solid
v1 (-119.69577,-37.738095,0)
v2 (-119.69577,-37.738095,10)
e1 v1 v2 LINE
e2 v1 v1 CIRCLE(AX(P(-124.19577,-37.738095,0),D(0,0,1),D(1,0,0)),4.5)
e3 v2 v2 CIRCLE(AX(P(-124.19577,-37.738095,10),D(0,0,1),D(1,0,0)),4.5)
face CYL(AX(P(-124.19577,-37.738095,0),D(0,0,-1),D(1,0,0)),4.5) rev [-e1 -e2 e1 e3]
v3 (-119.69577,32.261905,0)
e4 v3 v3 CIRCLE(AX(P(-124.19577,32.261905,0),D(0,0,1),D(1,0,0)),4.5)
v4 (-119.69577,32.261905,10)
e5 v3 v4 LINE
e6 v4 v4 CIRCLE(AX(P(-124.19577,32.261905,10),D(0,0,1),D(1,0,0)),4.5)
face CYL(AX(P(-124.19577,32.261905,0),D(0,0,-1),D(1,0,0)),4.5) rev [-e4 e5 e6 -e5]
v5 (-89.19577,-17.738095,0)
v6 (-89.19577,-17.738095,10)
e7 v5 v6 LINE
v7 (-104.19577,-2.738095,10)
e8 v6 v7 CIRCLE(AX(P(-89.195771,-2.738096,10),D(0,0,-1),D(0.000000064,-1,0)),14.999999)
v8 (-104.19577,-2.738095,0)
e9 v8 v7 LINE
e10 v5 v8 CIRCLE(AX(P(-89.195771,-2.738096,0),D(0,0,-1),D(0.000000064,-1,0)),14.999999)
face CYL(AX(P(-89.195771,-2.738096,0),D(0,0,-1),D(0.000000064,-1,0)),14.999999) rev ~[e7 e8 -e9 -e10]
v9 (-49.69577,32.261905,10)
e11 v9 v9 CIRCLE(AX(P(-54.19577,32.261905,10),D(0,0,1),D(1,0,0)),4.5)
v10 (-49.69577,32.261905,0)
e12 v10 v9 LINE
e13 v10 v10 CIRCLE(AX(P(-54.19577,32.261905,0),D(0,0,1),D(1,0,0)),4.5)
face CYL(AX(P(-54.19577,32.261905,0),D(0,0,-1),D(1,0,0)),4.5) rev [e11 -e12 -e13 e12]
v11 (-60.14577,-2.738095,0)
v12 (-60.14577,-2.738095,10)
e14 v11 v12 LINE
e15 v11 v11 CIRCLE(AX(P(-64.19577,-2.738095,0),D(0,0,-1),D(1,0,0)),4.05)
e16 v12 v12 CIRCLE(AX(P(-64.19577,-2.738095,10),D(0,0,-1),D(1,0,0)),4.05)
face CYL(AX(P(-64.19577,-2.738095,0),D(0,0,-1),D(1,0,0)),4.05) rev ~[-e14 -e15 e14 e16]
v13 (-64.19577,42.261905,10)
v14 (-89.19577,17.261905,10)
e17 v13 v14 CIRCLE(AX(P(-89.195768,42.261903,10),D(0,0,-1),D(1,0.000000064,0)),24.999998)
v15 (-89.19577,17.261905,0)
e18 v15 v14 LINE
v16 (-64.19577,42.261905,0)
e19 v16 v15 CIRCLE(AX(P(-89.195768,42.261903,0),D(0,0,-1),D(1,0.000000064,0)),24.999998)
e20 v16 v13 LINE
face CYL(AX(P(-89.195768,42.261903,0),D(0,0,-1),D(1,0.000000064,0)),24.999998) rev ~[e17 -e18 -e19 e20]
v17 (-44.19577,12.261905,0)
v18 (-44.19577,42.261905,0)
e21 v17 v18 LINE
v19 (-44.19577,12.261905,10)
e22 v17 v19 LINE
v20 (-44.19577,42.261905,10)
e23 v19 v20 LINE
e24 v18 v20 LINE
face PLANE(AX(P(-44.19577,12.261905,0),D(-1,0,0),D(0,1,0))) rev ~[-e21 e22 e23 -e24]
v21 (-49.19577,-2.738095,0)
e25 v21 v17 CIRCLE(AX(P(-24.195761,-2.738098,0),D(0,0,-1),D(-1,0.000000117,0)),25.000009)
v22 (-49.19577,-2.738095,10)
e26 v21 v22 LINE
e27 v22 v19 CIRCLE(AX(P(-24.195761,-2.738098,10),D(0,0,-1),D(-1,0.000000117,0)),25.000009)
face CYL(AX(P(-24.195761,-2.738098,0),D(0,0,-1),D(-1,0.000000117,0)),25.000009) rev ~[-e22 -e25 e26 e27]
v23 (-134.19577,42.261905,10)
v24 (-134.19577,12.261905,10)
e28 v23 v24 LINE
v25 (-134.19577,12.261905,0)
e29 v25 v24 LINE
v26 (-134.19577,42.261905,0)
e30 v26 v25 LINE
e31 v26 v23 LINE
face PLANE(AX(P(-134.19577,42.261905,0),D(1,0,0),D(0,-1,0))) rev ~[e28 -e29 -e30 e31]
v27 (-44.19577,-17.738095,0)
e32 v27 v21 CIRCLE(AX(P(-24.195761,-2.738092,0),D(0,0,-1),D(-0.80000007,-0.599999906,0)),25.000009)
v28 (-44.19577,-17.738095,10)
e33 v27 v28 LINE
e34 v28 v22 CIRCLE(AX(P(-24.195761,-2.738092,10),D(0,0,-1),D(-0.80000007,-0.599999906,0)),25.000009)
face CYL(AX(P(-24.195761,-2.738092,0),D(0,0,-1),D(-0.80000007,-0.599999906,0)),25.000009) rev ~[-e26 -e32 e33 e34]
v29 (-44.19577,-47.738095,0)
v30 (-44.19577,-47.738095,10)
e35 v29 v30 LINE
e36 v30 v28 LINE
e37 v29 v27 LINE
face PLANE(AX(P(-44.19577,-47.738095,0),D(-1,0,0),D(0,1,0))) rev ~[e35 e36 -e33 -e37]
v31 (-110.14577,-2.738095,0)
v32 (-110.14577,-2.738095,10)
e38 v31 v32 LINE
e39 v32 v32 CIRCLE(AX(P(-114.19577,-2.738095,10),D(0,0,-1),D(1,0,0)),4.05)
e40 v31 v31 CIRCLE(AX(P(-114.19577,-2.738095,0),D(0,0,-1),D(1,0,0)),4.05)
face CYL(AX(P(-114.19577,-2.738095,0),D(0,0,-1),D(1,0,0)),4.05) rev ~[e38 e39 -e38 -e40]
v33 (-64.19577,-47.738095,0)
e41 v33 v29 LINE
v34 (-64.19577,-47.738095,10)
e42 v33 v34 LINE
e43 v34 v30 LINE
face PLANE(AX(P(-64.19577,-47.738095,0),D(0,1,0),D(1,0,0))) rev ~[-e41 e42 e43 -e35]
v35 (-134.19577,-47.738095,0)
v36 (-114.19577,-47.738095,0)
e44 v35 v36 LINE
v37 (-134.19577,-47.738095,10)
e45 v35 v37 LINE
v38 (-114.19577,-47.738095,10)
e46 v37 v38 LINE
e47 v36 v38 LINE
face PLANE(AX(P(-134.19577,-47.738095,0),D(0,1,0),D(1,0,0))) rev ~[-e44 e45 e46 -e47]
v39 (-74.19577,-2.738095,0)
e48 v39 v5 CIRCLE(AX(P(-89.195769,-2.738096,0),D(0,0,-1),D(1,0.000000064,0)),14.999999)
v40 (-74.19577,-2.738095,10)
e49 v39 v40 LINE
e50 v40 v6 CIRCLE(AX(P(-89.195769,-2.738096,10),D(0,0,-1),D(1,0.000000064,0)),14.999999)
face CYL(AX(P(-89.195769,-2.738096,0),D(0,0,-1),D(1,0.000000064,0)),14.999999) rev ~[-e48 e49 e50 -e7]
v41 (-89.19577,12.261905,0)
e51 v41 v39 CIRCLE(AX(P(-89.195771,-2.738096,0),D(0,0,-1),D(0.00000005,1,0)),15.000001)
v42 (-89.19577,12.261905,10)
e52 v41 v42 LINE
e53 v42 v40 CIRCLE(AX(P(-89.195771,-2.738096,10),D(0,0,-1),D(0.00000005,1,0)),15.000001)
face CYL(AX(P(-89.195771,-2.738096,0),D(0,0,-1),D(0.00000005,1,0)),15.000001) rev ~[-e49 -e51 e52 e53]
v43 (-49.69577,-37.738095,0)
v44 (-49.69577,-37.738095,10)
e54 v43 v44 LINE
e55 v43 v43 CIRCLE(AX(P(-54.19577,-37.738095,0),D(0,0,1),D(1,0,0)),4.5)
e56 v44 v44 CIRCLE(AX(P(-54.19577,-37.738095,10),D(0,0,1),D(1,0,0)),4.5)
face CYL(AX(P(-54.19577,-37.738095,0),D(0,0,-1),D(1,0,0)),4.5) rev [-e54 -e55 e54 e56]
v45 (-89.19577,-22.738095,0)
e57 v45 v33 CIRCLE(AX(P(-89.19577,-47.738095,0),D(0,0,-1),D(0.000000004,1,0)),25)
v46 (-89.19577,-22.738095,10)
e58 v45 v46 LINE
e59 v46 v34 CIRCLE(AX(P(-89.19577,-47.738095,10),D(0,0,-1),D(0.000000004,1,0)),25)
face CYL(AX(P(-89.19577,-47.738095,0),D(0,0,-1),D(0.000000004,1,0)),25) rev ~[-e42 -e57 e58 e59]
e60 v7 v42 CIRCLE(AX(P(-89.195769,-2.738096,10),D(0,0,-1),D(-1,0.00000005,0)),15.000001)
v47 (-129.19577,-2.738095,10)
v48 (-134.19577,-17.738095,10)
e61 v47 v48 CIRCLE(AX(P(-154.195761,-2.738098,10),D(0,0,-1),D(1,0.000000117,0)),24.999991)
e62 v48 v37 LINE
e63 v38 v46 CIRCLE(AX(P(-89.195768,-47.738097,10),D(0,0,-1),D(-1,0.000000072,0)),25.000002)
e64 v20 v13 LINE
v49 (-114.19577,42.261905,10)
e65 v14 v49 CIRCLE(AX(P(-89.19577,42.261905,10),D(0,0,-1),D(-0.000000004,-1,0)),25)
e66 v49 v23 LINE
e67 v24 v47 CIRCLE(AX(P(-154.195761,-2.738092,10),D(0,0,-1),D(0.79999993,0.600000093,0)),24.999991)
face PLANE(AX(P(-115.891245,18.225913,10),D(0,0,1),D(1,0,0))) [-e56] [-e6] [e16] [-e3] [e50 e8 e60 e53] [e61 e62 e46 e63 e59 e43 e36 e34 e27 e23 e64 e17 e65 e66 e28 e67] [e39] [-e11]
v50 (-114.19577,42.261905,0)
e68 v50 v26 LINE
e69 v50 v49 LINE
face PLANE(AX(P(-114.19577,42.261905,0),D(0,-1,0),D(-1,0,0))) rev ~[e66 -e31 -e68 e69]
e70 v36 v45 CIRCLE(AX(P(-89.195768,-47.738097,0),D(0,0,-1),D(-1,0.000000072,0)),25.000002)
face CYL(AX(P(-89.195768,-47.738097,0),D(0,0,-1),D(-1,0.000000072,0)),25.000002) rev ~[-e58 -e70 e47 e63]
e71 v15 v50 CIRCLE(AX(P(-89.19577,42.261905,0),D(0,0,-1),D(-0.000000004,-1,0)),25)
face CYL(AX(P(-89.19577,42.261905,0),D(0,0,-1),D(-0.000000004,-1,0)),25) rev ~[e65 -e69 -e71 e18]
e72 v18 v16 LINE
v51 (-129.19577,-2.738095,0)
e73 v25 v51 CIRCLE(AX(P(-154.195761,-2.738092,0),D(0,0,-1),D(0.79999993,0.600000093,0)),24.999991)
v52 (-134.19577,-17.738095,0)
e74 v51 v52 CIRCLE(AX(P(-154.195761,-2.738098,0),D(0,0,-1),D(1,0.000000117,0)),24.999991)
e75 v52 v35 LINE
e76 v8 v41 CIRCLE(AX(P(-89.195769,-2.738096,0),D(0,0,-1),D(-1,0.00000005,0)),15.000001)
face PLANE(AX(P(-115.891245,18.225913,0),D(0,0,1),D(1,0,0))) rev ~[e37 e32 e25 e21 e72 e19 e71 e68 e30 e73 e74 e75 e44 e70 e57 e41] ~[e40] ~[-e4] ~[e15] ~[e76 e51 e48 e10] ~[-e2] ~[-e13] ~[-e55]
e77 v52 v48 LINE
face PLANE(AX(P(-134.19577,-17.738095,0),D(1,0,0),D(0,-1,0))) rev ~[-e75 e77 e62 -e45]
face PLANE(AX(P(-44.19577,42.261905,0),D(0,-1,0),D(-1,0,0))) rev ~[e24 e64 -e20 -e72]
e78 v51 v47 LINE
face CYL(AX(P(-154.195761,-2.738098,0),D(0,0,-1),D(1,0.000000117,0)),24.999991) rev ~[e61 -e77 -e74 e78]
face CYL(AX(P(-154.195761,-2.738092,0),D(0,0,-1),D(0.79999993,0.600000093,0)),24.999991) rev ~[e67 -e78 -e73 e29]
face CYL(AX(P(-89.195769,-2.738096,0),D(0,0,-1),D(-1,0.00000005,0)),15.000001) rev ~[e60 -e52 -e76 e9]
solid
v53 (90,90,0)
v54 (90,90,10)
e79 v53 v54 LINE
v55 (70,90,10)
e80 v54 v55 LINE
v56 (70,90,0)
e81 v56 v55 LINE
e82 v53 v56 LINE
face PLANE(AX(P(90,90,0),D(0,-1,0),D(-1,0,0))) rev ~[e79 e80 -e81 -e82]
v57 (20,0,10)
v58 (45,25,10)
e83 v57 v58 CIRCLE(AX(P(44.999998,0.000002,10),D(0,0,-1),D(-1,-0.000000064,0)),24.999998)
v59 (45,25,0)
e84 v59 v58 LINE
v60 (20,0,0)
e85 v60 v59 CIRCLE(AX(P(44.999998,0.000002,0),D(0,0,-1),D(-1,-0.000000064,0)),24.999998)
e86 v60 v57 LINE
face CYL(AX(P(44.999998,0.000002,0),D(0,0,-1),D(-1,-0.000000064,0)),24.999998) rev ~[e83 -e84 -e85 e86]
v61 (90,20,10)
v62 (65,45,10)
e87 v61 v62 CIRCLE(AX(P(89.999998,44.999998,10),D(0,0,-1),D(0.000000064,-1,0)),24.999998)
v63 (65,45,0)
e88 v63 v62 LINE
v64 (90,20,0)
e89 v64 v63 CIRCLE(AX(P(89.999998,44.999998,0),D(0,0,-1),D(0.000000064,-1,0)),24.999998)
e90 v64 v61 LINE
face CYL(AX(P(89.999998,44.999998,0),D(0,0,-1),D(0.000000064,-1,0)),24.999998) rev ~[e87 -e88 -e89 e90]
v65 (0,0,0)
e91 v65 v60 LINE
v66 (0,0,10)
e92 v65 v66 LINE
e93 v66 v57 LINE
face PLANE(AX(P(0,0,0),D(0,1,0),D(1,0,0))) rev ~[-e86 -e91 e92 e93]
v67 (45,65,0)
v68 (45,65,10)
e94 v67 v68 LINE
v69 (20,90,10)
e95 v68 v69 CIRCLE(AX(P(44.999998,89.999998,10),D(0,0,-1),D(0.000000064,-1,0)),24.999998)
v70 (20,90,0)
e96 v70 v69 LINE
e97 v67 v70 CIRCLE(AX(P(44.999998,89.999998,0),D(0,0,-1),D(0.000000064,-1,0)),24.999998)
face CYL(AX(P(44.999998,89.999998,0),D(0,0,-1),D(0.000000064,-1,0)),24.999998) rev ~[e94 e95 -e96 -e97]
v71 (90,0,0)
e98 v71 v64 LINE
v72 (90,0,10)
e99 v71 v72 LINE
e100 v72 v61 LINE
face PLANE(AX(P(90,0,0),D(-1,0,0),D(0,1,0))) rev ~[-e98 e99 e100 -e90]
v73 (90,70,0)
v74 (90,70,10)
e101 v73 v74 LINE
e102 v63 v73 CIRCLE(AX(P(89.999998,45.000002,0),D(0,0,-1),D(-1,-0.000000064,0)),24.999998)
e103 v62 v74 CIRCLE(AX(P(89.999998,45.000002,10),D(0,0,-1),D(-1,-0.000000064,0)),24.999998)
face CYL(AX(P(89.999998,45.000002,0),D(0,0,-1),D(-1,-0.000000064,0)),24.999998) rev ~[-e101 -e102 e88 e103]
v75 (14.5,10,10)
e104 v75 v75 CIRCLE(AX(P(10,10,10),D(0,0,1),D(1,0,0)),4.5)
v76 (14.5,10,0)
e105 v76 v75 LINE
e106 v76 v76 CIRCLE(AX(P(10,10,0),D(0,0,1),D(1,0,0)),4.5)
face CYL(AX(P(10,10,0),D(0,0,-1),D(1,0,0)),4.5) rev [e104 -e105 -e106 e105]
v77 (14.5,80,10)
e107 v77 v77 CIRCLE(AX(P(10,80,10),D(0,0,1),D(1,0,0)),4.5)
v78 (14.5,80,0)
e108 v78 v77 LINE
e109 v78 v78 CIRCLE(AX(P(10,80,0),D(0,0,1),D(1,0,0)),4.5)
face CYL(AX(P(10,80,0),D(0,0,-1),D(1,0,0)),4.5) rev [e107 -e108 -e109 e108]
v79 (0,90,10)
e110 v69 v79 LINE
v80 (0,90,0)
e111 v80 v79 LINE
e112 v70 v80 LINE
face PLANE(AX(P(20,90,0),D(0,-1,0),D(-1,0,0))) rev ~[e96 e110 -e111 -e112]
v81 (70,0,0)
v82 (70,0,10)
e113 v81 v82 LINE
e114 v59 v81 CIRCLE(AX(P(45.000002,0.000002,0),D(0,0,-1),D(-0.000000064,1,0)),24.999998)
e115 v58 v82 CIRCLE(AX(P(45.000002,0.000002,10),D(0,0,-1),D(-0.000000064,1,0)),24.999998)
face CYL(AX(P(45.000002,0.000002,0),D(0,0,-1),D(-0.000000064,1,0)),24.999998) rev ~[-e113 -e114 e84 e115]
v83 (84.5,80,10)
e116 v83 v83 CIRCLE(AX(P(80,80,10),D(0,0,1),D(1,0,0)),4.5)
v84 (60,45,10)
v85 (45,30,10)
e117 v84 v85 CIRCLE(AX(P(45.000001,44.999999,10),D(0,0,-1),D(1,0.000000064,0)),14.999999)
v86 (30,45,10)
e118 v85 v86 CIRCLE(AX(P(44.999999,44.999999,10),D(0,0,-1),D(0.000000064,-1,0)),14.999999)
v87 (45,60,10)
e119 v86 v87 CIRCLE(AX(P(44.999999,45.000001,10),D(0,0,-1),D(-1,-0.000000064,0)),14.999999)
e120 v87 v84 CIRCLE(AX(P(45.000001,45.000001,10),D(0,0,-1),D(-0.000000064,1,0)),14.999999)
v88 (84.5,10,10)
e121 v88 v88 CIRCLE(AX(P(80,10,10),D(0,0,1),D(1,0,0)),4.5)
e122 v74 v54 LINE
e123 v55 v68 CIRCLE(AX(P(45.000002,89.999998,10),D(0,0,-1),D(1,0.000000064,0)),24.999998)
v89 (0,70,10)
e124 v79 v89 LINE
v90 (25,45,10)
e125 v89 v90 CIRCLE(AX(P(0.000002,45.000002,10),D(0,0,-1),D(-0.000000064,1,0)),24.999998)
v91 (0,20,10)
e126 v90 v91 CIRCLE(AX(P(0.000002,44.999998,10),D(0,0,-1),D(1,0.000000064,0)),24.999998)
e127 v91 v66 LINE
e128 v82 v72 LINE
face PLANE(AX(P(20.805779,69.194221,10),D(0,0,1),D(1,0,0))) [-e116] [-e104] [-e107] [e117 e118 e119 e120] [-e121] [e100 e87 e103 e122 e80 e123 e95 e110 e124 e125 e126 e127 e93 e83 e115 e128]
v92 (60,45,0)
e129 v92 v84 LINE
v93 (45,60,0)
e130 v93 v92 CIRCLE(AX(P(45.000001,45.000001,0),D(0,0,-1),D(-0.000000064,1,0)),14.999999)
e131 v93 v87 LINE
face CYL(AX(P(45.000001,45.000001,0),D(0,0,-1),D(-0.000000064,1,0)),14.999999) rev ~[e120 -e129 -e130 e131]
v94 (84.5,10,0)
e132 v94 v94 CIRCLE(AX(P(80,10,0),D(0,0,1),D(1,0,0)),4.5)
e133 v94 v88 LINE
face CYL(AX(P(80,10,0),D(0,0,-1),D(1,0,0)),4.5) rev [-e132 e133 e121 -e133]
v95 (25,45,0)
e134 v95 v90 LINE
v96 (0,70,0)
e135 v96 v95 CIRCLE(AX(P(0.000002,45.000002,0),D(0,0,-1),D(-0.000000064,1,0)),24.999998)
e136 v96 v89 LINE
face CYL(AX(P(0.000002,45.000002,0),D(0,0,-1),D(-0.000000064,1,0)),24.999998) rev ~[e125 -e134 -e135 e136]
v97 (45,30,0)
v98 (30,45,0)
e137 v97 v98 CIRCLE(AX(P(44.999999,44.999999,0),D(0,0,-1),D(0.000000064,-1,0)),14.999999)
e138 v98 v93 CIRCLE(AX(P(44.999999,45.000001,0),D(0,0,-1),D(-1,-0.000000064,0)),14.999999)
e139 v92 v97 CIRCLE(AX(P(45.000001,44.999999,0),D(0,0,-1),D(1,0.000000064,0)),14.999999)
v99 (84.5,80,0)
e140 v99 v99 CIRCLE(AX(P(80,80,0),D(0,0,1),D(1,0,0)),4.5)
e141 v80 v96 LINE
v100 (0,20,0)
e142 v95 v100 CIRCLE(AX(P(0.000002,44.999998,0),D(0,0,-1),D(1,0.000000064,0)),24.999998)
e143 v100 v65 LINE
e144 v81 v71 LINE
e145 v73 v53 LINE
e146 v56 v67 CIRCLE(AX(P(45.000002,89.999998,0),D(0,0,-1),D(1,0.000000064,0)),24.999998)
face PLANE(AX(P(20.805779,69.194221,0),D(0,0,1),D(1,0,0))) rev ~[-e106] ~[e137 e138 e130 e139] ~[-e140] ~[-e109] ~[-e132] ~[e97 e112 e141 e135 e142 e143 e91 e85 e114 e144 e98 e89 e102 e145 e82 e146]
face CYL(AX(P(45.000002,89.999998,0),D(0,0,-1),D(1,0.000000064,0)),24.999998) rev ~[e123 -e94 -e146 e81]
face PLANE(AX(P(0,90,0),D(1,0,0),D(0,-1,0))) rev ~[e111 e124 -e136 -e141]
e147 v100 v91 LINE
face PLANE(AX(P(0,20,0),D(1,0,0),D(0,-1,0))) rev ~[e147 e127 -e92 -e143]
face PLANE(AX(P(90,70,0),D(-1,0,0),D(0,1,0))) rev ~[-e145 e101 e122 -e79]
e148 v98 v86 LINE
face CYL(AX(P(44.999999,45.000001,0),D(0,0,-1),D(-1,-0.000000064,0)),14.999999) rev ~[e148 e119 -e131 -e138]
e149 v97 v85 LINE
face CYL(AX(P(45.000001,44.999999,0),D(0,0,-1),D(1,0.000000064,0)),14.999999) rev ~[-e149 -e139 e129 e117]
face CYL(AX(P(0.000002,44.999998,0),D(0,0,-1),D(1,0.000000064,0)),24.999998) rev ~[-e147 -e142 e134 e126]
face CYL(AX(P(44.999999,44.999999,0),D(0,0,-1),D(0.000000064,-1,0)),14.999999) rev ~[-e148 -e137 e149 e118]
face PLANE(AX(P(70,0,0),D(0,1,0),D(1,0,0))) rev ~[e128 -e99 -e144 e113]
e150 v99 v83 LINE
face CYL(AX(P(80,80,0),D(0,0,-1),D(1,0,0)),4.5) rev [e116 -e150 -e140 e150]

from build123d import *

# Parameters (mm, degrees)
F0_R     = 4.5
F1_DEPTH = 10
F2_R     = 4.5
F3_DEPTH = 10


with BuildPart() as f1:
    # F0 (on Top) → F1 (new body)
    with BuildSketch(Plane.XY):
        with BuildLine():
            Line((25, 45), (30, 45))
            ThreePointArc((30, 45), (34.393398, 55.606602), (45, 60))
            Line((45, 60), (45, 65))
            ThreePointArc((45, 65), (27.32233, 72.32233), (20, 90))
            Line((20, 90), (0, 90))
            Line((0, 90), (0, 70))
            ThreePointArc((0, 70), (17.67767, 62.67767), (25, 45))
        make_face()
        with Locations((10, 80)):
            Circle(F0_R, mode=Mode.SUBTRACT)
        with BuildLine():
            ThreePointArc((45, 60), (55.606602, 55.606602), (60, 45))
            Line((60, 45), (65, 45))
            ThreePointArc((65, 45), (72.32233, 62.67767), (90, 70))
            Line((90, 70), (90, 90))
            Line((90, 90), (70, 90))
            ThreePointArc((70, 90), (62.67767, 72.32233), (45, 65))
            Line((45, 65), (45, 60))
        make_face()
        with Locations((80, 80)):
            Circle(F0_R, mode=Mode.SUBTRACT)
        with BuildLine():
            ThreePointArc((45, 25), (62.67767, 17.67767), (70, 0))
            Line((70, 0), (90, 0))
            Line((90, 0), (90, 20))
            ThreePointArc((90, 20), (72.32233, 27.32233), (65, 45))
            Line((65, 45), (60, 45))
            ThreePointArc((60, 45), (55.606602, 34.393398), (45, 30))
            Line((45, 30), (45, 25))
        make_face()
        with Locations((80, 10)):
            Circle(F0_R, mode=Mode.SUBTRACT)
        with BuildLine():
            Line((0, 0), (20, 0))
            ThreePointArc((20, 0), (27.32233, 17.67767), (45, 25))
            Line((45, 25), (45, 30))
            ThreePointArc((45, 30), (34.393398, 34.393398), (30, 45))
            Line((30, 45), (25, 45))
            ThreePointArc((25, 45), (17.67767, 27.32233), (0, 20))
            Line((0, 20), (0, 0))
        make_face()
        with Locations((10, 10)):
            Circle(F0_R, mode=Mode.SUBTRACT)
    extrude(amount=F1_DEPTH)


with BuildPart() as f3:
    # F2 (on Top) → F3 (new body)
    with BuildSketch(Plane.XY):
        with BuildLine():
            Line((-110.14577, -2.738095), (-104.19577, -2.738095))
            ThreePointArc((-104.19577, -2.738095), (-99.802372, 7.868506), (-89.19577, 12.261905))
            Line((-89.19577, 12.261905), (-89.19577, 17.261905))
            ThreePointArc((-89.19577, 17.261905), (-106.873439, 24.584235), (-114.19577, 42.261905))
            Line((-114.19577, 42.261905), (-134.19577, 42.261905))
            Line((-134.19577, 42.261905), (-134.19577, 12.261905))
            ThreePointArc((-134.19577, 12.261905), (-130.478687, 5.167599), (-129.19577, -2.738095))
            Line((-129.19577, -2.738095), (-118.24577, -2.738095))
            ThreePointArc((-118.24577, -2.738095), (-114.19577, 1.311905), (-110.14577, -2.738095))
        make_face()
        with Locations((-124.19577, 32.261905)):
            Circle(F2_R, mode=Mode.SUBTRACT)
        with BuildLine():
            ThreePointArc((-89.19577, 12.261905), (-78.589168, 7.868506), (-74.19577, -2.738095))
            Line((-74.19577, -2.738095), (-68.24577, -2.738095))
            ThreePointArc((-68.24577, -2.738095), (-64.19577, 1.311905), (-60.14577, -2.738095))
            Line((-60.14577, -2.738095), (-49.19577, -2.738095))
            ThreePointArc((-49.19577, -2.738095), (-47.912852, 5.167599), (-44.19577, 12.261905))
            Line((-44.19577, 12.261905), (-44.19577, 42.261905))
            Line((-44.19577, 42.261905), (-64.19577, 42.261905))
            ThreePointArc((-64.19577, 42.261905), (-71.5181, 24.584235), (-89.19577, 17.261905))
            Line((-89.19577, 17.261905), (-89.19577, 12.261905))
        make_face()
        with Locations((-54.19577, 32.261905)):
            Circle(F2_R, mode=Mode.SUBTRACT)
        with BuildLine():
            ThreePointArc((-89.19577, -22.738095), (-71.5181, -30.060426), (-64.19577, -47.738095))
            Line((-64.19577, -47.738095), (-44.19577, -47.738095))
            Line((-44.19577, -47.738095), (-44.19577, -17.738095))
            ThreePointArc((-44.19577, -17.738095), (-47.912852, -10.643789), (-49.19577, -2.738095))
            Line((-49.19577, -2.738095), (-60.14577, -2.738095))
            ThreePointArc((-60.14577, -2.738095), (-64.19577, -6.788095), (-68.24577, -2.738095))
            Line((-68.24577, -2.738095), (-74.19577, -2.738095))
            ThreePointArc((-74.19577, -2.738095), (-78.589168, -13.344697), (-89.19577, -17.738095))
            Line((-89.19577, -17.738095), (-89.19577, -22.738095))
        make_face()
        with Locations((-54.19577, -37.738095)):
            Circle(F2_R, mode=Mode.SUBTRACT)
        with BuildLine():
            Line((-134.19577, -47.738095), (-114.19577, -47.738095))
            ThreePointArc((-114.19577, -47.738095), (-106.873439, -30.060426), (-89.19577, -22.738095))
            Line((-89.19577, -22.738095), (-89.19577, -17.738095))
            ThreePointArc((-89.19577, -17.738095), (-99.802372, -13.344697), (-104.19577, -2.738095))
            Line((-104.19577, -2.738095), (-110.14577, -2.738095))
            ThreePointArc((-110.14577, -2.738095), (-114.19577, -6.788095), (-118.24577, -2.738095))
            Line((-118.24577, -2.738095), (-129.19577, -2.738095))
            ThreePointArc((-129.19577, -2.738095), (-130.478687, -10.643789), (-134.19577, -17.738095))
            Line((-134.19577, -17.738095), (-134.19577, -47.738095))
        make_face()
        with Locations((-124.19577, -37.738095)):
            Circle(F2_R, mode=Mode.SUBTRACT)
    extrude(amount=F3_DEPTH)


solid = Compound([f1.part, f3.part])
